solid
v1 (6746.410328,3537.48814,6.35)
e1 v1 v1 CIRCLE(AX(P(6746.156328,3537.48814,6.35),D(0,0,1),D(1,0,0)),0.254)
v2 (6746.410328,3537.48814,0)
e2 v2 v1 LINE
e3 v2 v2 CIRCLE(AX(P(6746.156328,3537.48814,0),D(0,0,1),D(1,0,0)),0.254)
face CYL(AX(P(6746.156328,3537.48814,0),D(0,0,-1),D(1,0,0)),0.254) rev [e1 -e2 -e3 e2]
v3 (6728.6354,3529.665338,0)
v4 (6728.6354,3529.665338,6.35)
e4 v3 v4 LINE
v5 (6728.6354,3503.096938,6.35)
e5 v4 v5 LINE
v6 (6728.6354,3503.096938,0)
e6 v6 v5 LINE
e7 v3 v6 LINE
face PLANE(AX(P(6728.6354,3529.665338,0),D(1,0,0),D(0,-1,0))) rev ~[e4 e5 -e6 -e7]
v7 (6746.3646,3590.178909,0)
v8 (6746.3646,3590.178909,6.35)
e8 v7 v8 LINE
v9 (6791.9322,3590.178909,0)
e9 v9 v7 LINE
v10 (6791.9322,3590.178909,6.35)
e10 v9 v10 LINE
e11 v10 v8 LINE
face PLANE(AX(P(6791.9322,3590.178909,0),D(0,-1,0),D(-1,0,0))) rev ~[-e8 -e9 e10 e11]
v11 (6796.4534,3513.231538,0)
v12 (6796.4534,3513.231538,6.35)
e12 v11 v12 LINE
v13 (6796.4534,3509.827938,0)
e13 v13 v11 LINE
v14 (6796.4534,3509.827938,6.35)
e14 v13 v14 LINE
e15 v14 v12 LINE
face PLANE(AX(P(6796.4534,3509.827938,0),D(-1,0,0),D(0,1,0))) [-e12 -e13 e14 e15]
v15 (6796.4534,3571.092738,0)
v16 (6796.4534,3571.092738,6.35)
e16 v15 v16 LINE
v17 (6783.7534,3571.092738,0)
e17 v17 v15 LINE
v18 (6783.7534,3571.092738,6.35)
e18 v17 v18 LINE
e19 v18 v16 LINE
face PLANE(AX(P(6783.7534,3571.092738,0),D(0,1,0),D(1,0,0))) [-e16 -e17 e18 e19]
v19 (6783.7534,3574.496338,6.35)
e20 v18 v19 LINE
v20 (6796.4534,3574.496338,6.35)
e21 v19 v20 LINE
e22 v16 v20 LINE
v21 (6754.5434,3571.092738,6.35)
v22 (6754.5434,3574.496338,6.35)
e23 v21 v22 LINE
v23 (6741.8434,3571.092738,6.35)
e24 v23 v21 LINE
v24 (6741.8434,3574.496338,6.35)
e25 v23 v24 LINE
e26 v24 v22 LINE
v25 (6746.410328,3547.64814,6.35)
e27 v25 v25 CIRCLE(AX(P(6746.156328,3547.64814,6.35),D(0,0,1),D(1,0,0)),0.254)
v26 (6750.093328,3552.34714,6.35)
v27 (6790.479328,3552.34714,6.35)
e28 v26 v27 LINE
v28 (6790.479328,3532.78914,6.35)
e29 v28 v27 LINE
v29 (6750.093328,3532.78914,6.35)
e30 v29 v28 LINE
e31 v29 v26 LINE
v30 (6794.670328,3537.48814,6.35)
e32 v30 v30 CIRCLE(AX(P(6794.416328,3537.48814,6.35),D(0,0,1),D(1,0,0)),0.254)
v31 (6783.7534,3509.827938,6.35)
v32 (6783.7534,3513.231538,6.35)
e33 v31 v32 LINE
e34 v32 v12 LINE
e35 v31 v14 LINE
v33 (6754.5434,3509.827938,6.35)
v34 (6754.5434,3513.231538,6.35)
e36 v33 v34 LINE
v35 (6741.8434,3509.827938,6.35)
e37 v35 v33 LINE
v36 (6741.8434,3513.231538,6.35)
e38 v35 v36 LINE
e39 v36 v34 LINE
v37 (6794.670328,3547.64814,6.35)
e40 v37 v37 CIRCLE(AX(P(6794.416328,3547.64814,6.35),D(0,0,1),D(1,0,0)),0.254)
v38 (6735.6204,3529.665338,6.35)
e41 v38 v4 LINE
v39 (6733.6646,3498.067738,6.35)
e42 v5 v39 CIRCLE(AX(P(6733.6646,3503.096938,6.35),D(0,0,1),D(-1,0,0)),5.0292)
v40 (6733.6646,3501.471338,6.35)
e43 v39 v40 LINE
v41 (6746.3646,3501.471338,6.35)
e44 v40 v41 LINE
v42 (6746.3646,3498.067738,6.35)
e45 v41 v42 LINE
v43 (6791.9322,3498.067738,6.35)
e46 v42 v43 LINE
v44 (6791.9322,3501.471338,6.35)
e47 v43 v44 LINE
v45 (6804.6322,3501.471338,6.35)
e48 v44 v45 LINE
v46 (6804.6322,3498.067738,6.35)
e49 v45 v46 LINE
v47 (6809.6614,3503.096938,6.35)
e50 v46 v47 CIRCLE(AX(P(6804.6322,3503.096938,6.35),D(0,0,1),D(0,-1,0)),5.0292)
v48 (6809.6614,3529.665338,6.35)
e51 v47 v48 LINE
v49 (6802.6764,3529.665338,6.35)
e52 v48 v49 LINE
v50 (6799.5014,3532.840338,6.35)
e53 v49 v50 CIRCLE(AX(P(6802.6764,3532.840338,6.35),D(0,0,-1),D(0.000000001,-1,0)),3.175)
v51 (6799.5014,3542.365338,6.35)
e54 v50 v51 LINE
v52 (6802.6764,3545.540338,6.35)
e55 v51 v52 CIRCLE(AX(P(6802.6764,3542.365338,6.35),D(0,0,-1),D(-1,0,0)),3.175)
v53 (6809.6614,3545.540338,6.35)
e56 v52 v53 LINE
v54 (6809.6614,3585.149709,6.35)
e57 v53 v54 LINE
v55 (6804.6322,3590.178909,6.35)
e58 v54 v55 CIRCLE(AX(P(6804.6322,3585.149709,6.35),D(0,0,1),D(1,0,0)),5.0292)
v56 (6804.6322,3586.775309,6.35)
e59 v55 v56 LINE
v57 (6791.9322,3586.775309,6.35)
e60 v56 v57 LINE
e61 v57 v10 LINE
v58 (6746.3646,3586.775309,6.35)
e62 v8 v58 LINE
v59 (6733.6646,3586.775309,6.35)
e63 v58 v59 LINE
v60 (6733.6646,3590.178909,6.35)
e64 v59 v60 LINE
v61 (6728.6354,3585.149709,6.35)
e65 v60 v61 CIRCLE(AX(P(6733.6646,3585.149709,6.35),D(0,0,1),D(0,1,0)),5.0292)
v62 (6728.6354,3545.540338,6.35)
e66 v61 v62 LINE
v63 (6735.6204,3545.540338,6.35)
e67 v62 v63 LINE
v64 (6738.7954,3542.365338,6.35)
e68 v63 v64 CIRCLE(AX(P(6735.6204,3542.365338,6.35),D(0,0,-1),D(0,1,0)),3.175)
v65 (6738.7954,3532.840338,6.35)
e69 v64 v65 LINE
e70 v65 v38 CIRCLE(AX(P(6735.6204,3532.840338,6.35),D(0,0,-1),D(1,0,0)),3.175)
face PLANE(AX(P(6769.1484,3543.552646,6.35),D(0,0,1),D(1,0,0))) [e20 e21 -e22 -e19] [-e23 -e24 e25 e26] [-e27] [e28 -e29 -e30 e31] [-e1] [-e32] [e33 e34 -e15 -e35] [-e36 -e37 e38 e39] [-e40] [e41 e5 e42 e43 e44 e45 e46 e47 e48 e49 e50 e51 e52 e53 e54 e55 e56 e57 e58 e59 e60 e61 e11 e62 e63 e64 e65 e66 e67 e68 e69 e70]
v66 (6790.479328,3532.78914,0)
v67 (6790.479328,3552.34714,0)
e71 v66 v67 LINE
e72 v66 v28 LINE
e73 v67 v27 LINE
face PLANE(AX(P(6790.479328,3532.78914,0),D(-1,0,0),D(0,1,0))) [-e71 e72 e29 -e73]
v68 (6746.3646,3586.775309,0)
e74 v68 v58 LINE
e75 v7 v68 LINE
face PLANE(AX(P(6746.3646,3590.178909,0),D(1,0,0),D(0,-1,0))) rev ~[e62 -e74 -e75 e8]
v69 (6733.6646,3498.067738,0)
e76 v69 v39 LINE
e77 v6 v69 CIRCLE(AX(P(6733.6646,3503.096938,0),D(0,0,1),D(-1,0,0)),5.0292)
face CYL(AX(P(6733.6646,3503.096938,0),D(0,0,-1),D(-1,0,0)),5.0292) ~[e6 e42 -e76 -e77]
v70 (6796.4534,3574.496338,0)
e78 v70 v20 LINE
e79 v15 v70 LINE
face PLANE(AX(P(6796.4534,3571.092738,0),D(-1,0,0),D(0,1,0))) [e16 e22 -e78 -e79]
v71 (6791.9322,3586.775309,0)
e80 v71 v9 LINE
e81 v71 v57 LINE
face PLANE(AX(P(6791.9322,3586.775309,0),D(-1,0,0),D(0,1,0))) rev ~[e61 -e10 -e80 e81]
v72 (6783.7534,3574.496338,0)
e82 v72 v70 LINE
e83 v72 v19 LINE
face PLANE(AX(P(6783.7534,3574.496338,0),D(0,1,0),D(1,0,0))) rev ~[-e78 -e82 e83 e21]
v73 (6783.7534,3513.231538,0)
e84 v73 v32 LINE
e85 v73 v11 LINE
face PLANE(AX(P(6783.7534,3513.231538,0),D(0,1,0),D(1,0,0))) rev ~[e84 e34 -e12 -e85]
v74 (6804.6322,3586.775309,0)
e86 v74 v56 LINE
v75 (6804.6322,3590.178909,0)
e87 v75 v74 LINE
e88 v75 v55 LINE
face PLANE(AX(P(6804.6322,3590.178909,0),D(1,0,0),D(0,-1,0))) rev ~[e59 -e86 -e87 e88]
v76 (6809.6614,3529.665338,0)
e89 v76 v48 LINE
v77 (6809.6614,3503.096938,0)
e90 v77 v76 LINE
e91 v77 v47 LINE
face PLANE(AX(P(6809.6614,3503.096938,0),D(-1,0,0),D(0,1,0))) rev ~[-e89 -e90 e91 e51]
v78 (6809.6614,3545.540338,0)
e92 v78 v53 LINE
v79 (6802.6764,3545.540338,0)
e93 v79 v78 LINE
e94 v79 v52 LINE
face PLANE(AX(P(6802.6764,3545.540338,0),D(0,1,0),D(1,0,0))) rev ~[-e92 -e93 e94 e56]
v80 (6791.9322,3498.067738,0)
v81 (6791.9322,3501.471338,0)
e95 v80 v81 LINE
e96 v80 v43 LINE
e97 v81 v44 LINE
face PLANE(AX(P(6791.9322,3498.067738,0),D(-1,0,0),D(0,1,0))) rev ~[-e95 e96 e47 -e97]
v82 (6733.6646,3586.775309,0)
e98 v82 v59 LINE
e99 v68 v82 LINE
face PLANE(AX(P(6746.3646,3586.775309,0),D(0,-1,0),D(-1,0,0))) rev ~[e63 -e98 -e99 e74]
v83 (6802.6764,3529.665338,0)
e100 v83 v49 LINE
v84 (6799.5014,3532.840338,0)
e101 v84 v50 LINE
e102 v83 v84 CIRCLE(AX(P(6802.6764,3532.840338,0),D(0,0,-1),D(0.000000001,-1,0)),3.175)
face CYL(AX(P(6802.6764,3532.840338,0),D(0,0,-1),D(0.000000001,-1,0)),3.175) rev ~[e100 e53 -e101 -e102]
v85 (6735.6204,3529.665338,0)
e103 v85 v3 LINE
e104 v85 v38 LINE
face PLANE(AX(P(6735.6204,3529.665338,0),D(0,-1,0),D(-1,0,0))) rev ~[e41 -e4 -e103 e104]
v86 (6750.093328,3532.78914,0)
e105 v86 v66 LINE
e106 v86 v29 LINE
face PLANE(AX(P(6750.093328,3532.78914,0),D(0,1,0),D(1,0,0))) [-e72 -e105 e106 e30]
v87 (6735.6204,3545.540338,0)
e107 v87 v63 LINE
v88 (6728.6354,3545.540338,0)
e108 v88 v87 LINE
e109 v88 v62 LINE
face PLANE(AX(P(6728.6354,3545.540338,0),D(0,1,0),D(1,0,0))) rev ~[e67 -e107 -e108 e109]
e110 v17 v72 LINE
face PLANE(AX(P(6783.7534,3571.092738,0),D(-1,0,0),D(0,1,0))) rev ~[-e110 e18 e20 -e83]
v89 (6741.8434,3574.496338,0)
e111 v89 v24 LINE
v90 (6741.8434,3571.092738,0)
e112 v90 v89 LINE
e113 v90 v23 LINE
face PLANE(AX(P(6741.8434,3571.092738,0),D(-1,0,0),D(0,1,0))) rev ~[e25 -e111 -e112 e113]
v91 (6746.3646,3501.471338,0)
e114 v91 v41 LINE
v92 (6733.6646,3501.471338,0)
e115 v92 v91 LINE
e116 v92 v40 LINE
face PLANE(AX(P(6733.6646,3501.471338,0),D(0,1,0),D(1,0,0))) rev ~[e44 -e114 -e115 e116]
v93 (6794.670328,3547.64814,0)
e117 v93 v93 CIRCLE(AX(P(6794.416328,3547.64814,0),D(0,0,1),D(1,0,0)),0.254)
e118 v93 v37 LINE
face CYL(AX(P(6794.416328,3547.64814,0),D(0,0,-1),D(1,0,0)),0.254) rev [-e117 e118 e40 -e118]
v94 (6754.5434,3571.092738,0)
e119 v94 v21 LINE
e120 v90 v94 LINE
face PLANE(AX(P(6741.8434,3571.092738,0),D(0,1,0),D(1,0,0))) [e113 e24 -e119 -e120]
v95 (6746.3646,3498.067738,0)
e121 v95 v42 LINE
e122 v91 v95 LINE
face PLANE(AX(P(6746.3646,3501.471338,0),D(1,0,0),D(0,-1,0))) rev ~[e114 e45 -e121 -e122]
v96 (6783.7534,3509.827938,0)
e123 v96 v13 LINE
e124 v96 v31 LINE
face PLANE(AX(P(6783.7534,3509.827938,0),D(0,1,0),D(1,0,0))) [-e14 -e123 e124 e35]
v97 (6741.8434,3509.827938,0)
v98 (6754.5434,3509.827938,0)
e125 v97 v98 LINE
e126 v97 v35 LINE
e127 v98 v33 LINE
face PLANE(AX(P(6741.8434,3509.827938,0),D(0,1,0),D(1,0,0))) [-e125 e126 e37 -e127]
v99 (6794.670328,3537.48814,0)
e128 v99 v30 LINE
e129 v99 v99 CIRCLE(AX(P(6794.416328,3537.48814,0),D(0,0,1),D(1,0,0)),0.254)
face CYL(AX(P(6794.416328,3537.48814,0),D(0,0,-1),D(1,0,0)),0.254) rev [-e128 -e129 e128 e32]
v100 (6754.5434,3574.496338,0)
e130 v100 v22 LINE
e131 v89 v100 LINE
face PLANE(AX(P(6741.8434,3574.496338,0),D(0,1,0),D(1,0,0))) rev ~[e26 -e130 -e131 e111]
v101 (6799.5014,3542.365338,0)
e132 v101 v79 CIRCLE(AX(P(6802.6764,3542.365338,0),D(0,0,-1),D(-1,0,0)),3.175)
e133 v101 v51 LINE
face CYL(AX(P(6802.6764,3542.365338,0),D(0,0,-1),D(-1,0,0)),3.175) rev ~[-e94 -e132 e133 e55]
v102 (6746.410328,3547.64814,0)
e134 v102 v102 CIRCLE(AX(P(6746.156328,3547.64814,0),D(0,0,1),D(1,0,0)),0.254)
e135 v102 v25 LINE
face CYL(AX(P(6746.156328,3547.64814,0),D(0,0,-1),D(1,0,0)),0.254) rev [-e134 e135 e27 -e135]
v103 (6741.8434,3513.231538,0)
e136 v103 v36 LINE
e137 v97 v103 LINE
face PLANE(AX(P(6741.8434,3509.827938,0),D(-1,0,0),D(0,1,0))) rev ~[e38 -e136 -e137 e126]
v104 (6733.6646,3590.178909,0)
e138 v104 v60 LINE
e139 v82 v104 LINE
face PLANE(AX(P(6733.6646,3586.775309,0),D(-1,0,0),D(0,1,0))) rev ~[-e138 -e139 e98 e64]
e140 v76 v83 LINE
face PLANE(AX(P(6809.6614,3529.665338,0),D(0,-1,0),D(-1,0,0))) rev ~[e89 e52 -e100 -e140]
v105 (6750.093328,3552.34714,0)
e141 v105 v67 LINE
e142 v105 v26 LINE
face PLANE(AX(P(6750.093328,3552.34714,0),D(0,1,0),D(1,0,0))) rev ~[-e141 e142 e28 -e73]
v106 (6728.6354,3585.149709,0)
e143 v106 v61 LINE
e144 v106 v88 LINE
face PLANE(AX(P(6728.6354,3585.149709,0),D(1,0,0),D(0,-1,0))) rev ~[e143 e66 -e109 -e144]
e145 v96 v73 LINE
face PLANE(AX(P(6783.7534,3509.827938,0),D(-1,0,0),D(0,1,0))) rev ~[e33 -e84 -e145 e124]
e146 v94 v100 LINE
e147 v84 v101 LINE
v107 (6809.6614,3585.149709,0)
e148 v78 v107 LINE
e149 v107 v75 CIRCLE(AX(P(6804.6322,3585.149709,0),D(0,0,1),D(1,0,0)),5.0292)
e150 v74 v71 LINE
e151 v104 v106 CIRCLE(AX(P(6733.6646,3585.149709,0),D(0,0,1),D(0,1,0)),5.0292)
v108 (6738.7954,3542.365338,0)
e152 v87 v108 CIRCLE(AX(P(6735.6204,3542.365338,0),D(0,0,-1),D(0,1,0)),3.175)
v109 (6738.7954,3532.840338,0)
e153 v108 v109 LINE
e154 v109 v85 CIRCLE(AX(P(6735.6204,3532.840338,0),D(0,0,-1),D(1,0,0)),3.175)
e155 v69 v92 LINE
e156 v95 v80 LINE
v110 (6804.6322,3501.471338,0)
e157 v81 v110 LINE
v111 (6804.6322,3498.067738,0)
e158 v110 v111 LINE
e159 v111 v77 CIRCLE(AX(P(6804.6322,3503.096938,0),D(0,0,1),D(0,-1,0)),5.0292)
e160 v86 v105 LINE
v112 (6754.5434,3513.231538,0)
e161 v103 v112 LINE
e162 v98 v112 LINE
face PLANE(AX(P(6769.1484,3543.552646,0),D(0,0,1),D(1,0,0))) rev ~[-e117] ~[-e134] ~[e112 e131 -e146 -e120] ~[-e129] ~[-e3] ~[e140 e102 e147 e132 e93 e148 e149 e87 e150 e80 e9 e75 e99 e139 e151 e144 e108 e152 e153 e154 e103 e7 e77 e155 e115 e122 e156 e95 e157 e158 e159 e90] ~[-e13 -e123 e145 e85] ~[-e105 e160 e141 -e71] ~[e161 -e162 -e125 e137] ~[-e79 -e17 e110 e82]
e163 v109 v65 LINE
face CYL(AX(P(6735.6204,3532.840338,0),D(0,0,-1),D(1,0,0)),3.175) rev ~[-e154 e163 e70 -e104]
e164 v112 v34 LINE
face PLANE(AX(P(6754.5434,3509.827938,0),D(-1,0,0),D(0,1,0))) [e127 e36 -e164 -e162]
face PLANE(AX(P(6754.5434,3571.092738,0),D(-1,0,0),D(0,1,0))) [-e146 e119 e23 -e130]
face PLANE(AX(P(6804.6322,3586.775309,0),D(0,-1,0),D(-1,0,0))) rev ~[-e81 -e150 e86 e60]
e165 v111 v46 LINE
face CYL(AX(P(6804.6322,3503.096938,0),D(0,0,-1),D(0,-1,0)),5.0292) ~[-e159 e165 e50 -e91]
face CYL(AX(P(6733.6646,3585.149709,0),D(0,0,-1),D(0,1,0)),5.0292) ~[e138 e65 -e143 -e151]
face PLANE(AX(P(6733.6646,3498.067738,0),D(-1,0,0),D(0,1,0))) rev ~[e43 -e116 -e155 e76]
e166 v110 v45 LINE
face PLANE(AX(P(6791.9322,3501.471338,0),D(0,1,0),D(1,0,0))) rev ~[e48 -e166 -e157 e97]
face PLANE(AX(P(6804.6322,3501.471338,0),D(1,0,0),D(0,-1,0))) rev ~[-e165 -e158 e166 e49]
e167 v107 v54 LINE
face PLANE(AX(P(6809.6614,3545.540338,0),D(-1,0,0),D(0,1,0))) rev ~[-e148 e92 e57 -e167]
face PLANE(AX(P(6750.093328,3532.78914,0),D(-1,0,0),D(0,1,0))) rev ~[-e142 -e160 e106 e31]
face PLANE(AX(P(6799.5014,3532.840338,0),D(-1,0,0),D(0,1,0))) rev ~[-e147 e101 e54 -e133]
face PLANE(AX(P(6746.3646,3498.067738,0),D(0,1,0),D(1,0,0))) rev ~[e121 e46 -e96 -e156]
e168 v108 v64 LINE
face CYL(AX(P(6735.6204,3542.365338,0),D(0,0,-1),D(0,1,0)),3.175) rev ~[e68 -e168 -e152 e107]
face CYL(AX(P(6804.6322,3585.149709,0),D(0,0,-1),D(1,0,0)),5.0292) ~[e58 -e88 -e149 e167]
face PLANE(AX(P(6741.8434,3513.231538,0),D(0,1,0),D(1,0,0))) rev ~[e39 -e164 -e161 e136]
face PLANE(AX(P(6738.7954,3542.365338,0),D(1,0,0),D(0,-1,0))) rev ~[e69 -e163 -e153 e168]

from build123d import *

# Parameters (mm, degrees)
SKETCH1_R           = 0.254
SKETCH1_W           = 12.7
SKETCH1_H           = 3.4036
SKETCH1_W_2         = 40.386
SKETCH1_H_2         = 19.558
BOSS_EXTRUDE1_DEPTH = 6.35


with BuildPart() as part:
    # Sketch1 → Boss-Extrude1 (new body)
    with BuildSketch(Plane.XY):
        with BuildLine():
            Line((6728.635399657, 3585.149709448), (6728.635399657, 3545.54033771))
            Line((6728.635399657, 3545.54033771), (6735.620399657, 3545.54033771))
            ThreePointArc((6735.620399657, 3545.54033771), (6737.865463687, 3544.61040174), (6738.795399657, 3542.36533771))
            Line((6738.795399657, 3542.36533771), (6738.795399657, 3532.84033771))
            ThreePointArc((6738.795399657, 3532.84033771), (6737.865463687, 3530.595273679), (6735.620399657, 3529.66533771))
            Line((6735.620399657, 3529.66533771), (6728.635399657, 3529.66533771))
            Line((6728.635399657, 3529.66533771), (6728.635399657, 3503.09693771))
            ThreePointArc((6728.635399657, 3503.09693771), (6730.108418233, 3499.540756286), (6733.664599657, 3498.06773771))
            Line((6733.664599657, 3498.06773771), (6733.664599657, 3501.47133771))
            Line((6733.664599657, 3501.47133771), (6746.364599657, 3501.47133771))
            Line((6746.364599657, 3501.47133771), (6746.364599657, 3498.06773771))
            Line((6746.364599657, 3498.06773771), (6791.932199657, 3498.06773771))
            Line((6791.932199657, 3498.06773771), (6791.932199657, 3501.47133771))
            Line((6791.932199657, 3501.47133771), (6804.632199657, 3501.47133771))
            Line((6804.632199657, 3501.47133771), (6804.632199657, 3498.06773771))
            ThreePointArc((6804.632199657, 3498.06773771), (6808.188381081, 3499.540756286), (6809.661399657, 3503.09693771))
            Line((6809.661399657, 3503.09693771), (6809.661399657, 3529.66533771))
            Line((6809.661399657, 3529.66533771), (6802.676399657, 3529.66533771))
            ThreePointArc((6802.676399657, 3529.66533771), (6800.431335626, 3530.595273679), (6799.501399657, 3532.84033771))
            Line((6799.501399657, 3532.84033771), (6799.501399657, 3542.36533771))
            ThreePointArc((6799.501399657, 3542.36533771), (6800.431335626, 3544.61040174), (6802.676399657, 3545.54033771))
            Line((6802.676399657, 3545.54033771), (6809.661399657, 3545.54033771))
            Line((6809.661399657, 3545.54033771), (6809.661399657, 3585.149709448))
            ThreePointArc((6809.661399657, 3585.149709448), (6808.188381081, 3588.705890872), (6804.632199657, 3590.178909448))
            Line((6804.632199657, 3590.178909448), (6804.632199657, 3586.775309448))
            Line((6804.632199657, 3586.775309448), (6791.932199657, 3586.775309448))
            Line((6791.932199657, 3586.775309448), (6791.932199657, 3590.178909448))
            Line((6791.932199657, 3590.178909448), (6746.364599657, 3590.178909448))
            Line((6746.364599657, 3590.178909448), (6746.364599657, 3586.775309448))
            Line((6746.364599657, 3586.775309448), (6733.664599657, 3586.775309448))
            Line((6733.664599657, 3586.775309448), (6733.664599657, 3590.178909448))
            ThreePointArc((6733.664599657, 3590.178909448), (6730.108418233, 3588.705890872), (6728.635399657, 3585.149709448))
        make_face()
        with Locations((6794.416327778, 3547.648139787)):
            Circle(SKETCH1_R, mode=Mode.SUBTRACT)
        with Locations((6794.416327778, 3537.488139787)):
            Circle(SKETCH1_R, mode=Mode.SUBTRACT)
        with Locations((6746.156327778, 3547.648139787)):
            Circle(SKETCH1_R, mode=Mode.SUBTRACT)
        with Locations((6746.156327778, 3537.488139787)):
            Circle(SKETCH1_R, mode=Mode.SUBTRACT)
        with Locations((6748.193399657, 3511.52973771)):
            Rectangle(SKETCH1_W, SKETCH1_H, mode=Mode.SUBTRACT)
        with Locations((6790.103399657, 3511.52973771)):
            Rectangle(SKETCH1_W, SKETCH1_H, mode=Mode.SUBTRACT)
        with Locations((6790.103399657, 3572.79453771)):
            Rectangle(SKETCH1_W, SKETCH1_H, mode=Mode.SUBTRACT)
        with Locations((6748.193399657, 3572.79453771)):
            Rectangle(SKETCH1_W, SKETCH1_H, mode=Mode.SUBTRACT)
        with Locations((6770.286327778, 3542.568139787)):
            Rectangle(SKETCH1_W_2, SKETCH1_H_2, mode=Mode.SUBTRACT)
    extrude(amount=BOSS_EXTRUDE1_DEPTH)


solid = part.part
